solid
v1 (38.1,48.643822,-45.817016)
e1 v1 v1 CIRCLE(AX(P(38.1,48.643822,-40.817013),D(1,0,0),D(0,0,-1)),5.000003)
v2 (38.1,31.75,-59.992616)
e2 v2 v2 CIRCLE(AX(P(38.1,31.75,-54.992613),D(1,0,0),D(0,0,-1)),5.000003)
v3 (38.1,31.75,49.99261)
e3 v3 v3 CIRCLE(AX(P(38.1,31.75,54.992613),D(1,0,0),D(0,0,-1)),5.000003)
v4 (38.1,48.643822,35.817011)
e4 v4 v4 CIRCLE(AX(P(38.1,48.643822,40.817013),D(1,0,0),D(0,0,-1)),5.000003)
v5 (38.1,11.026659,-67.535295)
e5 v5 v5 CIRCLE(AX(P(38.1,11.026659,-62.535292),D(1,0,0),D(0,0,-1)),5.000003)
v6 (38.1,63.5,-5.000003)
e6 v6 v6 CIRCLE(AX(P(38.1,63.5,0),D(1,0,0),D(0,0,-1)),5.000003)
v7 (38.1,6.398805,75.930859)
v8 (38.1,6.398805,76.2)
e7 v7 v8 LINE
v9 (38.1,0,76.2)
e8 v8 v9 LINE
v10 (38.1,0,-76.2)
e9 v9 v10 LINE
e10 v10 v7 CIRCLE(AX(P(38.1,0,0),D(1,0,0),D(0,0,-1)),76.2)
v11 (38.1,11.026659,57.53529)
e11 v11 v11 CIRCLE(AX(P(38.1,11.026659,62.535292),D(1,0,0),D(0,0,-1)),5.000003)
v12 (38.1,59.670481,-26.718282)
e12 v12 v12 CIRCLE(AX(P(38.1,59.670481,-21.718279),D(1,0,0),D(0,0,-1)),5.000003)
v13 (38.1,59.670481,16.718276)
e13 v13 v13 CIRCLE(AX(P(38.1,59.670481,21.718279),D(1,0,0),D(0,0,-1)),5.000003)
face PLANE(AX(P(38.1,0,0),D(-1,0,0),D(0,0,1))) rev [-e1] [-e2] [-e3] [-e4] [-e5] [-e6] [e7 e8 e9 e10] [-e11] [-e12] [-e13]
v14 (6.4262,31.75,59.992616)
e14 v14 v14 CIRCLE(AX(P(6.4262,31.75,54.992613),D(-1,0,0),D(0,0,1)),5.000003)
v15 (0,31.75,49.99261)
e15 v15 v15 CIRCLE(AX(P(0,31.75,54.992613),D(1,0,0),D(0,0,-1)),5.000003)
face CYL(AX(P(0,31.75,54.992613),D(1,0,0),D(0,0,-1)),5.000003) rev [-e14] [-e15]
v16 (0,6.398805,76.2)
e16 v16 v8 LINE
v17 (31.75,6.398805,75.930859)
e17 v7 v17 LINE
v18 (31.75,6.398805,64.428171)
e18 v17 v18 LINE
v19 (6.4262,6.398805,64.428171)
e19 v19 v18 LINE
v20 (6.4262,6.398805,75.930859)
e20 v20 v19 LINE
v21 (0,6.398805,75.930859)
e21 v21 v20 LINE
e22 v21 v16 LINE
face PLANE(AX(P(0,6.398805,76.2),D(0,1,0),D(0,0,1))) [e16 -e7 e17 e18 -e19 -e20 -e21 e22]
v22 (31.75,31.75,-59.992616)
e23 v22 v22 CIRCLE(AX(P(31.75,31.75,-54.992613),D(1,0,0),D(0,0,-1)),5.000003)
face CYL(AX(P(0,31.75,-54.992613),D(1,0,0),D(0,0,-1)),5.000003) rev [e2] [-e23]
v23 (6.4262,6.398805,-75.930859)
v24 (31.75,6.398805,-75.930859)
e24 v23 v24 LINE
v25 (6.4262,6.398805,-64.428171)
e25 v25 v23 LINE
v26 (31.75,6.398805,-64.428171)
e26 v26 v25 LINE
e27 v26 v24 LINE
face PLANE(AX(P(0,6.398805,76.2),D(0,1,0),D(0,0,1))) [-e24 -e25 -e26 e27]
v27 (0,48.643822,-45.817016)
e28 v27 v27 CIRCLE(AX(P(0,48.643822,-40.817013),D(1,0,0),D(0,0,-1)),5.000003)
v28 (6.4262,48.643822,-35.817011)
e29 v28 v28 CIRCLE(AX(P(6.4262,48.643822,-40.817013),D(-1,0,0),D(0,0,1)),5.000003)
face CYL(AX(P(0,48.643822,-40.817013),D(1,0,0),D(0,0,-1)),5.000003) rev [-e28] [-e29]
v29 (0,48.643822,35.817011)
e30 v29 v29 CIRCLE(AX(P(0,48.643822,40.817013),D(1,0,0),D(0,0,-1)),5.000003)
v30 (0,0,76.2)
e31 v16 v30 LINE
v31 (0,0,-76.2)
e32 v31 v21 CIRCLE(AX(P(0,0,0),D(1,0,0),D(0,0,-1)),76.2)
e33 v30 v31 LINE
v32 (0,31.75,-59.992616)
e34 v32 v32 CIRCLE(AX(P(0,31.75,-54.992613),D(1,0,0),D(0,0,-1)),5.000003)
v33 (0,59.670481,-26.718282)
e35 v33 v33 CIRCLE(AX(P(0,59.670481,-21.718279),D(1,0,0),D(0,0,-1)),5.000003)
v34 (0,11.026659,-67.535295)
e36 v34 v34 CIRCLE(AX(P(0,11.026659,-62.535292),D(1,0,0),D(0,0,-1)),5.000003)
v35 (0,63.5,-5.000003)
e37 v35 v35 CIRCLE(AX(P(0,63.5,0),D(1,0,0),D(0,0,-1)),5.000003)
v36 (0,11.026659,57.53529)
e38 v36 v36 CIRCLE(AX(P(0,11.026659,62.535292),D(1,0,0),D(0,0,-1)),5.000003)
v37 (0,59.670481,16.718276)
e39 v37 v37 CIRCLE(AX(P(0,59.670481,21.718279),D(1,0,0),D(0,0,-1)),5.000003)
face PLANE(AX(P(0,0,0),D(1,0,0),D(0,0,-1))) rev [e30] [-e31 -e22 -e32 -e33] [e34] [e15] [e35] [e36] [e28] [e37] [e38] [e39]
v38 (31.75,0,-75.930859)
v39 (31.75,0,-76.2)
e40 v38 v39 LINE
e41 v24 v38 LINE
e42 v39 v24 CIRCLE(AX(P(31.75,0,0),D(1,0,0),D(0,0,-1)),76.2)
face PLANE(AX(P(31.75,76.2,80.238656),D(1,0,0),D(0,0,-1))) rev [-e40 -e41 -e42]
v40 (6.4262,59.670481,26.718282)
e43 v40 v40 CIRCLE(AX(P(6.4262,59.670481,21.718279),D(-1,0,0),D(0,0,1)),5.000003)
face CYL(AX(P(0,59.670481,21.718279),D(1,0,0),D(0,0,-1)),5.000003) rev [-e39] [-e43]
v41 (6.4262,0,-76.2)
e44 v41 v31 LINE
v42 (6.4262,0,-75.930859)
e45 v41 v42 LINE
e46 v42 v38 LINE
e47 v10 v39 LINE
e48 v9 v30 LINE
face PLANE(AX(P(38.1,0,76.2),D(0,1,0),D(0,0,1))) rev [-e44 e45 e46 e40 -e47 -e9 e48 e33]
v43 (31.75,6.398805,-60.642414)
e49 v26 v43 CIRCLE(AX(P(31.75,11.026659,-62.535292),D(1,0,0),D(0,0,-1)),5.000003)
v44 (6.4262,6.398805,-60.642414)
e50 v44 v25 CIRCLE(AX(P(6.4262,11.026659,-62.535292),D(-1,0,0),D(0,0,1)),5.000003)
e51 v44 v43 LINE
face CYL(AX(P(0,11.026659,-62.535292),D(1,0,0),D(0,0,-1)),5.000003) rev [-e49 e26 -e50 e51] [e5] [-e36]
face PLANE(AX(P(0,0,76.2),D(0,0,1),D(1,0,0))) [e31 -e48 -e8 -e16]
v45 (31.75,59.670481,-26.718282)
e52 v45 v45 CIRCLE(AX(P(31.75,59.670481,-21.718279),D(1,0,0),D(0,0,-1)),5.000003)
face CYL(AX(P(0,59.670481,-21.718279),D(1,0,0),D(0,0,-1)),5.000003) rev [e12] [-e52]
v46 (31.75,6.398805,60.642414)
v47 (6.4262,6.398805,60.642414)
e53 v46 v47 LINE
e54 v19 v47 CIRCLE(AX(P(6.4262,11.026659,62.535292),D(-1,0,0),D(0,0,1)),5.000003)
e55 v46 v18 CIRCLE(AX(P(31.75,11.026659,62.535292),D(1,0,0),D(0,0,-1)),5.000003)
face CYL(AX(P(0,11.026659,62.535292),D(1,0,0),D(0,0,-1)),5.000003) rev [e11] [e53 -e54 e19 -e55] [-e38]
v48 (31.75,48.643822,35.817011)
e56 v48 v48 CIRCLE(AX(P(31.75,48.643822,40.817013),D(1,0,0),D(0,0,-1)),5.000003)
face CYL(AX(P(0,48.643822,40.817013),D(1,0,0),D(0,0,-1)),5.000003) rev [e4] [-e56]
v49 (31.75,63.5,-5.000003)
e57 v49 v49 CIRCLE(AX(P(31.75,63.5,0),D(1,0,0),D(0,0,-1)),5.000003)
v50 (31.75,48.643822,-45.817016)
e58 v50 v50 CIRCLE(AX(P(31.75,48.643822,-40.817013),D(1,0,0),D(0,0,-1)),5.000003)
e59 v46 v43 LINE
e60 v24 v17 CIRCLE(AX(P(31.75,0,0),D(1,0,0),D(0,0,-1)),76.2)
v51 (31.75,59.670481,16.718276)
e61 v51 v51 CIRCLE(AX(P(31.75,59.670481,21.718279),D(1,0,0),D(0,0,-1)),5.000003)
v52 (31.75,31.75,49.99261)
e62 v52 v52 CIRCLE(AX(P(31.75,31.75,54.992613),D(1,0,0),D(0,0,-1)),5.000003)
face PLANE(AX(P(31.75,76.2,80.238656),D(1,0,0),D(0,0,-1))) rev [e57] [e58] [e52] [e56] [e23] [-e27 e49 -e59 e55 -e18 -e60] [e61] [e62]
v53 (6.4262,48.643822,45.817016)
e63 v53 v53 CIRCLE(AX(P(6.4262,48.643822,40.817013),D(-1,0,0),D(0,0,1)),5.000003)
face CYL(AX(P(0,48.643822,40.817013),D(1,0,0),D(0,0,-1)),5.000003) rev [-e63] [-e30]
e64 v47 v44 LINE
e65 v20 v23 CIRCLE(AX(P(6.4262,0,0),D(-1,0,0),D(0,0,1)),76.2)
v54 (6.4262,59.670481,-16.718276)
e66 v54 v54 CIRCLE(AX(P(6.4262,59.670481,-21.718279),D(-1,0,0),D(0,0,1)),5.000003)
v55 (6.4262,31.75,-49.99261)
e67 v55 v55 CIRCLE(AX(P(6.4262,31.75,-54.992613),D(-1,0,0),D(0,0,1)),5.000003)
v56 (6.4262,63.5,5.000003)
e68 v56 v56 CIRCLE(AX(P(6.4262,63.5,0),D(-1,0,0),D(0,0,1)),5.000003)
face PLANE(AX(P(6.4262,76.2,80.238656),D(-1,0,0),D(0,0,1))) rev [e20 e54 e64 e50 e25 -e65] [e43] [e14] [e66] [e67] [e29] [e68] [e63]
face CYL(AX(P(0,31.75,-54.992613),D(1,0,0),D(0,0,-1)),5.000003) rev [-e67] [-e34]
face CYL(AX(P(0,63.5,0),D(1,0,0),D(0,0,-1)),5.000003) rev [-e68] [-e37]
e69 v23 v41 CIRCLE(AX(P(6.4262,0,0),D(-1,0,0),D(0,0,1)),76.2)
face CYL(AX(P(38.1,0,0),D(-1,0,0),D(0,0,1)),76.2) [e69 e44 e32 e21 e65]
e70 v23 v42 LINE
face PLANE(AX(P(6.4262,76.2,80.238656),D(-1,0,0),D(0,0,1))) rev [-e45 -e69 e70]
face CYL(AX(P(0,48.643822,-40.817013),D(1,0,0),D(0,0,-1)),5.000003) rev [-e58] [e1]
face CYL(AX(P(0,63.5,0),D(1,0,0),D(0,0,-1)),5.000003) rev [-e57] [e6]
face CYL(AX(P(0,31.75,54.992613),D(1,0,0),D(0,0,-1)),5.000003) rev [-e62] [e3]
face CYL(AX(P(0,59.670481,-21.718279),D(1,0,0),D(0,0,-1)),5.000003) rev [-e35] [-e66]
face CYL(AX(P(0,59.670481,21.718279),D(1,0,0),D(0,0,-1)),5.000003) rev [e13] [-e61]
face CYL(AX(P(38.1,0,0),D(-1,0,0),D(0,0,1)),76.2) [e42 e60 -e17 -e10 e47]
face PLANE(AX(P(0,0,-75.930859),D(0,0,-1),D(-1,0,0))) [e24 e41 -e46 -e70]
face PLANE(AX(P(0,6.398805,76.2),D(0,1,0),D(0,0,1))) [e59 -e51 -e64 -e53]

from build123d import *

# Parameters (mm, degrees)
BOSS_EXTRUDE1_DEPTH = 38.1
SKETCH2_W           = 25.3238
SKETCH2_H           = 160.690428667
CUT_EXTRUDE1_DEPTH  = 77.2
SKETCH3_W           = 152.130858671
SKETCH3_H           = 6.398804689
BOSS_EXTRUDE2_DEPTH = 38.1
SKETCH4_R           = 5.0000027
CUT_EXTRUDE2_DEPTH  = 39.1


with BuildPart() as part:
    # Sketch1 → Boss-Extrude1 (new body)
    with BuildSketch(Plane(origin=(0, 0, 0), x_dir=(0, 0, -1), z_dir=(1, 0, 0))):
        with BuildLine():
            Line((-76.2, 0), (76.2, 0))
            ThreePointArc((76.2, 0), (0, 76.2), (-76.2, 0))
        make_face()
    extrude(amount=BOSS_EXTRUDE1_DEPTH)

    # Sketch2 → Cut-Extrude1 (cut, through all)
    with BuildSketch(Plane.XZ):
        with Locations((19.0881, -0.10655864)):
            Rectangle(SKETCH2_W, SKETCH2_H)
    extrude(amount=-CUT_EXTRUDE1_DEPTH, mode=Mode.SUBTRACT)

    # Sketch3 → Boss-Extrude2 (add)
    with BuildSketch(Plane(origin=(38.1, 0, 0), x_dir=(0, 0, -1), z_dir=(1, 0, 0))):
        with Locations((-0.134570664, 3.199402345)):
            Rectangle(SKETCH3_W, SKETCH3_H)
    extrude(amount=-BOSS_EXTRUDE2_DEPTH)

    # Sketch4 → Cut-Extrude2 (cut, through all)
    with BuildSketch(Plane(origin=(38.1, 0, 0), x_dir=(0, 0, -1), z_dir=(1, 0, 0))):
        with Locations((0, 63.5)):
            Circle(SKETCH4_R)
        with Locations((21.718279101, 59.67048142)):
            Circle(SKETCH4_R)
        with Locations((40.817013215, 48.643822138)):
            Circle(SKETCH4_R)
        with Locations((54.99261314, 31.75)):
            Circle(SKETCH4_R)
        with Locations((62.535292316, 11.026659282)):
            Circle(SKETCH4_R)
        with Locations((-62.535292316, 11.026659282)):
            Circle(SKETCH4_R)
        with Locations((-54.99261314, 31.75)):
            Circle(SKETCH4_R)
        with Locations((-40.817013215, 48.643822138)):
            Circle(SKETCH4_R)
        with Locations((-21.718279101, 59.67048142)):
            Circle(SKETCH4_R)
    extrude(amount=-CUT_EXTRUDE2_DEPTH, mode=Mode.SUBTRACT)


solid = part.part
